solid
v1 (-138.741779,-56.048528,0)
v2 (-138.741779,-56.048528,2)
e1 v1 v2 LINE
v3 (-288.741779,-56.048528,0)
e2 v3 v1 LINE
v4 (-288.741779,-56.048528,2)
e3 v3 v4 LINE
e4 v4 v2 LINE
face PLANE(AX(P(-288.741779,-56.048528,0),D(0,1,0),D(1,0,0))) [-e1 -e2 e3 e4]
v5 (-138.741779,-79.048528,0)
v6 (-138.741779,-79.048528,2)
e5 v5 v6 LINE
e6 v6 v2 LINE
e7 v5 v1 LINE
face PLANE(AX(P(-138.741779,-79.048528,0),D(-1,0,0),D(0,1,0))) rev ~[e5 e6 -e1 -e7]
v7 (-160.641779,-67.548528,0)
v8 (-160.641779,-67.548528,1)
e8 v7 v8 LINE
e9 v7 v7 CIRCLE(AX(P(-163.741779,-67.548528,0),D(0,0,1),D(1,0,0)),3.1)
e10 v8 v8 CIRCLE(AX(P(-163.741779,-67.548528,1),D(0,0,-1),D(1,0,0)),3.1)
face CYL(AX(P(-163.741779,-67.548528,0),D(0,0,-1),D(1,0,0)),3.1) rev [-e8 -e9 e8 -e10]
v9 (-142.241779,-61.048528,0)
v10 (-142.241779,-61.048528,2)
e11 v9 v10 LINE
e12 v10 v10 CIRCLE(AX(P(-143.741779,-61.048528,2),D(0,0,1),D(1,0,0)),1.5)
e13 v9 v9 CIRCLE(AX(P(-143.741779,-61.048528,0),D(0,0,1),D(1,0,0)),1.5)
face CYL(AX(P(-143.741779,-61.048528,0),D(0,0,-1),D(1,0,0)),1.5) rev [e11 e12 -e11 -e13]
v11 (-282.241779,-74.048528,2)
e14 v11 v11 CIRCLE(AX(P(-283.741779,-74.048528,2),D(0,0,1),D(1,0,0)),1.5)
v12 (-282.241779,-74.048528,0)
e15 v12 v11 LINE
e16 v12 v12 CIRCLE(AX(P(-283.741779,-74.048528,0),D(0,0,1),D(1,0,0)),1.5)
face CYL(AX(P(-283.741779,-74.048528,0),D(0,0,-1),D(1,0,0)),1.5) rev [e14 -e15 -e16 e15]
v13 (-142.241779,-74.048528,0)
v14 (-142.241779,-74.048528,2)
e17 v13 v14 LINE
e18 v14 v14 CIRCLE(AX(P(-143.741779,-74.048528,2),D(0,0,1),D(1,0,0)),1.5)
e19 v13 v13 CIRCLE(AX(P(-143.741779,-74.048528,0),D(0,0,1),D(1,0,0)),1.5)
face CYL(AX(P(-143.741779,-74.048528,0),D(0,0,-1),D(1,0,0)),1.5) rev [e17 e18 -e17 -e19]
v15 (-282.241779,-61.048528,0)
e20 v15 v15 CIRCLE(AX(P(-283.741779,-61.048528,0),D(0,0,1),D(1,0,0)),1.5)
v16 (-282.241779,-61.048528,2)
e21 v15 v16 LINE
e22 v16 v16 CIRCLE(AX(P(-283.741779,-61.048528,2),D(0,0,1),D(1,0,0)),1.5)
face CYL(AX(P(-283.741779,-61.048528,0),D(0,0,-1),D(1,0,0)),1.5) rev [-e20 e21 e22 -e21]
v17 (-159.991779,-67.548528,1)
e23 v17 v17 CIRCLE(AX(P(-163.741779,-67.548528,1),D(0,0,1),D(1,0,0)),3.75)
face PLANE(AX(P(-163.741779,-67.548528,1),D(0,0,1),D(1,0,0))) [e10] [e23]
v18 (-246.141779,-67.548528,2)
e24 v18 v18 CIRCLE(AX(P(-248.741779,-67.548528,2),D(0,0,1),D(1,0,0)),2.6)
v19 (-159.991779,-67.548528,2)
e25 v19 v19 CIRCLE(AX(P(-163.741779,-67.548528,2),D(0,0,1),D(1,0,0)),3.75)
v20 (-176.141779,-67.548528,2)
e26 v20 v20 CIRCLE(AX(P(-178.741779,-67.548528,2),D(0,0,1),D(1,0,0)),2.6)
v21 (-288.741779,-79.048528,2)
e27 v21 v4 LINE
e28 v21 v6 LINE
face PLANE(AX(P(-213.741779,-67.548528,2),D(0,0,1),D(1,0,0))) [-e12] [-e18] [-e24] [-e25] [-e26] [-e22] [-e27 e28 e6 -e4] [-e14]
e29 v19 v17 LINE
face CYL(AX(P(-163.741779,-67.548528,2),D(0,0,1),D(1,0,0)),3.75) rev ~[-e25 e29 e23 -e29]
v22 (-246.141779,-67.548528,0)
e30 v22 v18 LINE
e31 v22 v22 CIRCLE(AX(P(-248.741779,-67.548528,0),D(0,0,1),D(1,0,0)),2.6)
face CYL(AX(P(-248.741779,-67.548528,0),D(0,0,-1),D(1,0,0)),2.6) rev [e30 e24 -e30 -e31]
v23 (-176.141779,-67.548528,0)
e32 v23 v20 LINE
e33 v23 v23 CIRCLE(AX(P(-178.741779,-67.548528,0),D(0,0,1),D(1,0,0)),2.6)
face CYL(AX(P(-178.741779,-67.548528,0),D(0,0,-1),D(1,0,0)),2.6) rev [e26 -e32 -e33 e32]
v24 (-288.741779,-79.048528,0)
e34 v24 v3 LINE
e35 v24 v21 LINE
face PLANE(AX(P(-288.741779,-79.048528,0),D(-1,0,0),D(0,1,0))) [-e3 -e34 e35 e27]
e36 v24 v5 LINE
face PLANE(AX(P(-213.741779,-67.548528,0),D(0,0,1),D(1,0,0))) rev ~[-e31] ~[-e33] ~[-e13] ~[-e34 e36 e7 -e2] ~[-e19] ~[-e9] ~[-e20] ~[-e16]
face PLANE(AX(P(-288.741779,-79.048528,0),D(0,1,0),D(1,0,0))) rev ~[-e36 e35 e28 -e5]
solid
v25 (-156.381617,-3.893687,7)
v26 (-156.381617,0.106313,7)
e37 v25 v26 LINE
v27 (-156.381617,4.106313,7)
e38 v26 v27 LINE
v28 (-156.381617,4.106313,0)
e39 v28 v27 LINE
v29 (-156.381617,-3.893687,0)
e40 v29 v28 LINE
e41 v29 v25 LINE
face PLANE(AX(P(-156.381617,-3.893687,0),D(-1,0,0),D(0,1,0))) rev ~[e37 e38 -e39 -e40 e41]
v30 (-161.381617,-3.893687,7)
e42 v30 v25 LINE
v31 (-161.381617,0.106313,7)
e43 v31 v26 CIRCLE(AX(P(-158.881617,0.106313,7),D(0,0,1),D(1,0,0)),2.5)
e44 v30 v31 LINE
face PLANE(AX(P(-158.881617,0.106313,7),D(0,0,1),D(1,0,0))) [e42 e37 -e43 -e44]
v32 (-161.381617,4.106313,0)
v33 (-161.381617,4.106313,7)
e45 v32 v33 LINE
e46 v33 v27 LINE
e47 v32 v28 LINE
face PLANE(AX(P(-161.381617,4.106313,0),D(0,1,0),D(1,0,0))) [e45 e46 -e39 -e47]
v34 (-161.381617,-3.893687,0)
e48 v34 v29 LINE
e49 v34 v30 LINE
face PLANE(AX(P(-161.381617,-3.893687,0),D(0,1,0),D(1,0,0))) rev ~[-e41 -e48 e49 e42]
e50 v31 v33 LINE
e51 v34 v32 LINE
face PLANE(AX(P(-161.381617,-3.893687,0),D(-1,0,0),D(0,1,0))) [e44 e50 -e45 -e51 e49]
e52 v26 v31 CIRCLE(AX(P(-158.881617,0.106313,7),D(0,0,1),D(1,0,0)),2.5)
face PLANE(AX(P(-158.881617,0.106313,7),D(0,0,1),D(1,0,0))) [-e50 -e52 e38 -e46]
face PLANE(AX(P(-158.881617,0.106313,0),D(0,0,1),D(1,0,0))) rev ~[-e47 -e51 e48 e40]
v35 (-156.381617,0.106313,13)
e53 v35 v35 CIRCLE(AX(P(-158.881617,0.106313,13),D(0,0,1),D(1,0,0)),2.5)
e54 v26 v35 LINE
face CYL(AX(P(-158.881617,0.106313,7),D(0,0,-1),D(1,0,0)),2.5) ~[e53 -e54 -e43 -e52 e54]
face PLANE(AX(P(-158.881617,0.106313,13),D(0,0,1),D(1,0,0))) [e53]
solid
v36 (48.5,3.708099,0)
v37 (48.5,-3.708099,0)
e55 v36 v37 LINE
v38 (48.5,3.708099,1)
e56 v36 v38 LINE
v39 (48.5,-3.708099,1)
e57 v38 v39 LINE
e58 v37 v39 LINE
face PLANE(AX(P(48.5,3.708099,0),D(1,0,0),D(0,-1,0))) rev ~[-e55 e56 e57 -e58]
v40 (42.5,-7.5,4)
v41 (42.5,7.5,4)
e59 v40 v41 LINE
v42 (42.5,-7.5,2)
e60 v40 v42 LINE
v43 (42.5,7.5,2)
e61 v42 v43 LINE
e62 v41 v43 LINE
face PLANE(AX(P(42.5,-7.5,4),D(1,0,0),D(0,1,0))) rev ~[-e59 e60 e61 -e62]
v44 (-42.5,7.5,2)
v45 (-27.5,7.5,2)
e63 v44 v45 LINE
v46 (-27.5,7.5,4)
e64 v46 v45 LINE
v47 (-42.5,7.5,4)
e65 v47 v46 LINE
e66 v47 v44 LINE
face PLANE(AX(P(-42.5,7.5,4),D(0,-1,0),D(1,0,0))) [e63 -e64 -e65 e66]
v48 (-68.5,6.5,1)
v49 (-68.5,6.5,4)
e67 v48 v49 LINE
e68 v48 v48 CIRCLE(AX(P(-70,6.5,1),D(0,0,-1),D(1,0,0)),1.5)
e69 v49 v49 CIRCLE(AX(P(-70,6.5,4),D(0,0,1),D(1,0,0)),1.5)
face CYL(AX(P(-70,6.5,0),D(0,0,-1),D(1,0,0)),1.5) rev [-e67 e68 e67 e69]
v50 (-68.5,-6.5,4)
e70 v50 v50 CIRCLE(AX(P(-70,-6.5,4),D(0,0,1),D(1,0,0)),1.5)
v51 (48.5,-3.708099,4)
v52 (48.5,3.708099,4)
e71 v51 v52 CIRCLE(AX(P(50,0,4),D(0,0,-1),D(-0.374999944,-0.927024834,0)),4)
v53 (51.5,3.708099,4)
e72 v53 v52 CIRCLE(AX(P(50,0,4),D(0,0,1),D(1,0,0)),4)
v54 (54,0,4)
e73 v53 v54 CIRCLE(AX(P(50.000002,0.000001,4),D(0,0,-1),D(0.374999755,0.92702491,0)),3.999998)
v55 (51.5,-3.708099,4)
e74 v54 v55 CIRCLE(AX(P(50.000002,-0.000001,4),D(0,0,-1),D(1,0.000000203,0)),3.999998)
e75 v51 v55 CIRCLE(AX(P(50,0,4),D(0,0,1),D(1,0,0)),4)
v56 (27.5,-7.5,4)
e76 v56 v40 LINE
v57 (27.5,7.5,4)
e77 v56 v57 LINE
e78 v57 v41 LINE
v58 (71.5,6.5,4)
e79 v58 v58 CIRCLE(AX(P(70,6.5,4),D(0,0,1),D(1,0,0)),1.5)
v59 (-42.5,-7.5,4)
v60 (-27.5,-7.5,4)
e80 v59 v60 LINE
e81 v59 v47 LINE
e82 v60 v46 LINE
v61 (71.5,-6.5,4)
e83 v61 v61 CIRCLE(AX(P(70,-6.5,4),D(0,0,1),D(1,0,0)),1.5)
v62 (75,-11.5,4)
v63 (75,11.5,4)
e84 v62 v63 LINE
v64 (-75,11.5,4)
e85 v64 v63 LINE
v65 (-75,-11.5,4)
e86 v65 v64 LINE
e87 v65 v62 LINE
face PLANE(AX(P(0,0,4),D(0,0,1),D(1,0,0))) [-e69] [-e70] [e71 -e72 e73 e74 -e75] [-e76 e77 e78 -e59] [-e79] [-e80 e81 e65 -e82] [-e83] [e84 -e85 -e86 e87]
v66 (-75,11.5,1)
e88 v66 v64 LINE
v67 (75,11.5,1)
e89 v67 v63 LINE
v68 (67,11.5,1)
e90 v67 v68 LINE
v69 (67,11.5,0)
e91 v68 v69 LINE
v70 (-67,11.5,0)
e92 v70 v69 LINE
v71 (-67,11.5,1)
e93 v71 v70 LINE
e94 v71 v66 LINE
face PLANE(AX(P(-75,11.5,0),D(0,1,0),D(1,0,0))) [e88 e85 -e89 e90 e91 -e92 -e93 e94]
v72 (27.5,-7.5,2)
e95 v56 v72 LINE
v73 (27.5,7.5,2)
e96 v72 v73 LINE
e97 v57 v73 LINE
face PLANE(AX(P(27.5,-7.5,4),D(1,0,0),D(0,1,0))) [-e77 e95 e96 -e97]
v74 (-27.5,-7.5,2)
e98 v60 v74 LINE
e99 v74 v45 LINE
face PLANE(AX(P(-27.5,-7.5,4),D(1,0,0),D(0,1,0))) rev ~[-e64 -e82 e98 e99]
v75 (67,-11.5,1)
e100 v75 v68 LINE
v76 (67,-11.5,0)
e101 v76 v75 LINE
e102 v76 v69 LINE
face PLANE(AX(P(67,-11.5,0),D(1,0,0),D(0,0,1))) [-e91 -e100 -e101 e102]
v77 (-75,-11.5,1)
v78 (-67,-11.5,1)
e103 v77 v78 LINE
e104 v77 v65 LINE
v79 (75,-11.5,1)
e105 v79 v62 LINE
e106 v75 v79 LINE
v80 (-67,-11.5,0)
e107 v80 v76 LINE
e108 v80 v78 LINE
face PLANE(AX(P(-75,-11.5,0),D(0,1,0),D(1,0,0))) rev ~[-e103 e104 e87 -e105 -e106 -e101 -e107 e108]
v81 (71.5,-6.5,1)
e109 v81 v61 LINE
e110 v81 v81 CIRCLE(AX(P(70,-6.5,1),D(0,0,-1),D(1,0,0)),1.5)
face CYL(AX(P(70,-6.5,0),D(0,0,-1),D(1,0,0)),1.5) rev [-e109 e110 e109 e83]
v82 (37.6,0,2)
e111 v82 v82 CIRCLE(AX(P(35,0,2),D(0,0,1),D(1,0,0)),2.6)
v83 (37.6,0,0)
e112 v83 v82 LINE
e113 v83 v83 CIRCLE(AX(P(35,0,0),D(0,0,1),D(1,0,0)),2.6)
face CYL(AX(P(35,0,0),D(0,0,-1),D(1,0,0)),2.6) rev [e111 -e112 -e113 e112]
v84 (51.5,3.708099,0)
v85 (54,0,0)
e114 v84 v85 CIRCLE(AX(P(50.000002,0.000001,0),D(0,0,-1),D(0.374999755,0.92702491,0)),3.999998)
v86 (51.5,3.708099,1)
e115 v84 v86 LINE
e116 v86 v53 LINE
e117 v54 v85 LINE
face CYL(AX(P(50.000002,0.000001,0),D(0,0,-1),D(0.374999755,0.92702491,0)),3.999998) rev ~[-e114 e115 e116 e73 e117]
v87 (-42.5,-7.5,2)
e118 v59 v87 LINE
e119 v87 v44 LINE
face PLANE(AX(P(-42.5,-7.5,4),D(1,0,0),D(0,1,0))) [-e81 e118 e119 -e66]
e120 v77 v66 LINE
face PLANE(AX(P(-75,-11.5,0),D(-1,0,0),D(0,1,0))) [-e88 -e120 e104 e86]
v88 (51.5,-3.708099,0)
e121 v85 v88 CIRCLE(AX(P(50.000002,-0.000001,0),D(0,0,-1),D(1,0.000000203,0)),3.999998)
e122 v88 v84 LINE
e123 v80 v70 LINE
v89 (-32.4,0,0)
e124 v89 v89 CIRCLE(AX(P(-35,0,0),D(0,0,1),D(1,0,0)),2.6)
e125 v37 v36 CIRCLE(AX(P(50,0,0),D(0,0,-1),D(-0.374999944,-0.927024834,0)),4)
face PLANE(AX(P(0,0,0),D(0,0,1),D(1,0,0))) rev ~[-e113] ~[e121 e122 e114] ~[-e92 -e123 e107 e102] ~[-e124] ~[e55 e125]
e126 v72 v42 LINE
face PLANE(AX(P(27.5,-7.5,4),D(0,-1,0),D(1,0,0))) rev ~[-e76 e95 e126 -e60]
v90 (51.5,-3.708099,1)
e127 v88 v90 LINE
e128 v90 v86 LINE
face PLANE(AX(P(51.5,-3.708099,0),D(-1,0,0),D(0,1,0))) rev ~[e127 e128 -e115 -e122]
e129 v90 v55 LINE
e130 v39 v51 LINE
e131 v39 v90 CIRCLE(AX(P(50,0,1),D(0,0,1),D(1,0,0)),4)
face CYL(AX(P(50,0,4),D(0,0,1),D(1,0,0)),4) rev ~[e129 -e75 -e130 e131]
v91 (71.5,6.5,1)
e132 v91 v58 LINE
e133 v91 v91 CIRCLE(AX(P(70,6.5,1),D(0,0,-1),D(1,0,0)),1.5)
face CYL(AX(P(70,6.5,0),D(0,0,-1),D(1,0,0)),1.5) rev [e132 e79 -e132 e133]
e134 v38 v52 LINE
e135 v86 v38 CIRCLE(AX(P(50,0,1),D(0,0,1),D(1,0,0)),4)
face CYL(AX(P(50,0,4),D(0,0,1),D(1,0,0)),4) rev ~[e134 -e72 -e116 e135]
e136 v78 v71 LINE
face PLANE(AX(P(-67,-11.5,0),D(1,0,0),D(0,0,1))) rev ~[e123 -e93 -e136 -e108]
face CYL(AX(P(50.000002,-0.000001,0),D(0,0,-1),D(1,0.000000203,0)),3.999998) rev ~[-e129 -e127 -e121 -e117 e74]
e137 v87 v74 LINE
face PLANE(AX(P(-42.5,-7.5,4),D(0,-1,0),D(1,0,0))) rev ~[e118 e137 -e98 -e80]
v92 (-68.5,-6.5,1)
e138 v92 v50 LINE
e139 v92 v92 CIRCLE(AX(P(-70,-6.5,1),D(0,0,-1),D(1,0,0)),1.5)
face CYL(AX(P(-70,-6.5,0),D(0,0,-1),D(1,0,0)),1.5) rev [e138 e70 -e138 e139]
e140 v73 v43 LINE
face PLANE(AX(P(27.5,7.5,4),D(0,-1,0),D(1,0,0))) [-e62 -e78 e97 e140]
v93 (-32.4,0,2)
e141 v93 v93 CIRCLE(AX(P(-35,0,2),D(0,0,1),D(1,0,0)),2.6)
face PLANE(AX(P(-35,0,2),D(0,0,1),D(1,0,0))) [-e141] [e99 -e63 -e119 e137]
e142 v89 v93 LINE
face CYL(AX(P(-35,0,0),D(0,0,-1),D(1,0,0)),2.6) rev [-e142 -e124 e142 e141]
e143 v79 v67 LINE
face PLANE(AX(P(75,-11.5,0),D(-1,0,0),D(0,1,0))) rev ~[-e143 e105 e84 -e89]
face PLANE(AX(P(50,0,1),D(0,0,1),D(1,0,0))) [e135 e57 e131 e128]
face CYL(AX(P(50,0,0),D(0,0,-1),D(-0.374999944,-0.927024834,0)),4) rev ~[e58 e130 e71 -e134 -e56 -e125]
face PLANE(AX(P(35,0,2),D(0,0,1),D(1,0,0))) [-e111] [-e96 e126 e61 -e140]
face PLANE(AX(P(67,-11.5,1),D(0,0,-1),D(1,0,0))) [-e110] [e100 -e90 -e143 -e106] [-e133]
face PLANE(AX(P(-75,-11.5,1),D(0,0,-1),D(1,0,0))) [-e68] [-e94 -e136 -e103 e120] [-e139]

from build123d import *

# Parameters (mm, degrees)
F1_W      = 5
F1_H      = 8
F2_DEPTH  = 7
F4_DEPTH  = 6
F0_W      = 150
F0_H      = 23
F0_R      = 1.5
F0_R_2    = 2.6
F5_DEPTH  = 4
F6_W      = 150
F6_H      = 23
F6_R      = 1.5
F6_R_2    = 2.6
F6_R_3    = 3.1
F7_DEPTH  = 2
F8_R      = 3.75
F9_DEPTH  = 1
F10_W     = 8
F10_H     = 1
F11_DEPTH = 30
F12_W     = 15
F12_H     = 15
F12_R     = 2.6
F13_DEPTH = 2
F14_R     = 4
F15_DEPTH = 3


with BuildPart() as f2:
    # F1 (on Top) → F2 (new body)
    with BuildSketch(Plane.XY):
        with Locations((-158.881617, 0.106313)):
            Rectangle(F1_W, F1_H)
    extrude(amount=F2_DEPTH)

    # F3 (on face) → F4 (join)
    with BuildSketch(Plane.XY.offset(7)):
        with BuildLine():
            ThreePointArc((-161.381617, 0.106313), (-158.881617, -2.393687), (-156.381617, 0.106313))
            ThreePointArc((-156.381617, 0.106313), (-158.881617, 2.606313), (-161.381617, 0.106313))
        make_face()
    extrude(amount=F4_DEPTH)


with BuildPart() as f5:
    # F0 (on Top) → F5 (new body)
    with BuildSketch(Plane.XY):
        Rectangle(F0_W, F0_H)
        with Locations((-70, -6.5)):
            Circle(F0_R, mode=Mode.SUBTRACT)
        with Locations((70, -6.5)):
            Circle(F0_R, mode=Mode.SUBTRACT)
        with Locations((-35, 0)):
            Circle(F0_R_2, mode=Mode.SUBTRACT)
        with Locations((-70, 6.5)):
            Circle(F0_R, mode=Mode.SUBTRACT)
        with Locations((35, 0)):
            Circle(F0_R_2, mode=Mode.SUBTRACT)
        with BuildLine():
            ThreePointArc((51.5, 3.708099), (53.316625, 2.236068), (54, 0))
            ThreePointArc((54, 0), (53.316625, -2.236068), (51.5, -3.708099))
            ThreePointArc((51.5, -3.708099), (50, -4), (48.5, -3.708099))
            ThreePointArc((48.5, -3.708099), (46, 0), (48.5, 3.708099))
            ThreePointArc((48.5, 3.708099), (50, 4), (51.5, 3.708099))
        make_face(mode=Mode.SUBTRACT)
        with Locations((70, 6.5)):
            Circle(F0_R, mode=Mode.SUBTRACT)
        with BuildLine():
            Line((51.5, -3.708099), (51.5, 3.708099))
            ThreePointArc((51.5, 3.708099), (50, 4), (48.5, 3.708099))
            Line((48.5, 3.708099), (48.5, -3.708099))
            ThreePointArc((48.5, -3.708099), (50, -4), (51.5, -3.708099))
        make_face()
    extrude(amount=F5_DEPTH)

    # F10 (on face) → F11 (cut)
    with BuildSketch(Plane.XZ.offset(11.5)):
        with Locations((-71, 0.5)):
            Rectangle(F10_W, F10_H)
        with Locations((71, 0.5)):
            Rectangle(F10_W, F10_H)
    extrude(amount=-F11_DEPTH, mode=Mode.SUBTRACT)

    # F12 (on face) → F13 (cut)
    with BuildSketch(Plane.XY.offset(4)):
        with Locations((-35, 0)):
            Rectangle(F12_W, F12_H)
        with Locations((-35, 0)):
            Circle(F12_R, mode=Mode.SUBTRACT)
        with Locations((35, 0)):
            Rectangle(F12_W, F12_H)
        with Locations((35, 0)):
            Circle(F12_R, mode=Mode.SUBTRACT)
    extrude(amount=-F13_DEPTH, mode=Mode.SUBTRACT)

    # F14 (on face) → F15 (cut)
    with BuildSketch(Plane.XY.offset(4)):
        with Locations((50, 0)):
            Circle(F14_R)
    extrude(amount=-F15_DEPTH, mode=Mode.SUBTRACT)


with BuildPart() as f7:
    # F6 (on Top) → F7 (new body)
    with BuildSketch(Plane.XY):
        with Locations((-213.741779, -67.548528)):
            Rectangle(F6_W, F6_H)
        with Locations((-283.741779, -74.048528)):
            Circle(F6_R, mode=Mode.SUBTRACT)
        with Locations((-143.741779, -74.048528)):
            Circle(F6_R, mode=Mode.SUBTRACT)
        with Locations((-248.741779, -67.548528)):
            Circle(F6_R_2, mode=Mode.SUBTRACT)
        with Locations((-283.741779, -61.048528)):
            Circle(F6_R, mode=Mode.SUBTRACT)
        with Locations((-178.741779, -67.548528)):
            Circle(F6_R_2, mode=Mode.SUBTRACT)
        with Locations((-163.741779, -67.548528)):
            Circle(F6_R_3, mode=Mode.SUBTRACT)
        with Locations((-143.741779, -61.048528)):
            Circle(F6_R, mode=Mode.SUBTRACT)
    extrude(amount=F7_DEPTH)

    # F8 (on face) → F9 (cut)
    with BuildSketch(Plane.XY.offset(2)):
        with Locations((-163.741779, -67.548528)):
            Circle(F8_R)
    extrude(amount=-F9_DEPTH, mode=Mode.SUBTRACT)


solid = Compound([f2.part, f5.part, f7.part])
